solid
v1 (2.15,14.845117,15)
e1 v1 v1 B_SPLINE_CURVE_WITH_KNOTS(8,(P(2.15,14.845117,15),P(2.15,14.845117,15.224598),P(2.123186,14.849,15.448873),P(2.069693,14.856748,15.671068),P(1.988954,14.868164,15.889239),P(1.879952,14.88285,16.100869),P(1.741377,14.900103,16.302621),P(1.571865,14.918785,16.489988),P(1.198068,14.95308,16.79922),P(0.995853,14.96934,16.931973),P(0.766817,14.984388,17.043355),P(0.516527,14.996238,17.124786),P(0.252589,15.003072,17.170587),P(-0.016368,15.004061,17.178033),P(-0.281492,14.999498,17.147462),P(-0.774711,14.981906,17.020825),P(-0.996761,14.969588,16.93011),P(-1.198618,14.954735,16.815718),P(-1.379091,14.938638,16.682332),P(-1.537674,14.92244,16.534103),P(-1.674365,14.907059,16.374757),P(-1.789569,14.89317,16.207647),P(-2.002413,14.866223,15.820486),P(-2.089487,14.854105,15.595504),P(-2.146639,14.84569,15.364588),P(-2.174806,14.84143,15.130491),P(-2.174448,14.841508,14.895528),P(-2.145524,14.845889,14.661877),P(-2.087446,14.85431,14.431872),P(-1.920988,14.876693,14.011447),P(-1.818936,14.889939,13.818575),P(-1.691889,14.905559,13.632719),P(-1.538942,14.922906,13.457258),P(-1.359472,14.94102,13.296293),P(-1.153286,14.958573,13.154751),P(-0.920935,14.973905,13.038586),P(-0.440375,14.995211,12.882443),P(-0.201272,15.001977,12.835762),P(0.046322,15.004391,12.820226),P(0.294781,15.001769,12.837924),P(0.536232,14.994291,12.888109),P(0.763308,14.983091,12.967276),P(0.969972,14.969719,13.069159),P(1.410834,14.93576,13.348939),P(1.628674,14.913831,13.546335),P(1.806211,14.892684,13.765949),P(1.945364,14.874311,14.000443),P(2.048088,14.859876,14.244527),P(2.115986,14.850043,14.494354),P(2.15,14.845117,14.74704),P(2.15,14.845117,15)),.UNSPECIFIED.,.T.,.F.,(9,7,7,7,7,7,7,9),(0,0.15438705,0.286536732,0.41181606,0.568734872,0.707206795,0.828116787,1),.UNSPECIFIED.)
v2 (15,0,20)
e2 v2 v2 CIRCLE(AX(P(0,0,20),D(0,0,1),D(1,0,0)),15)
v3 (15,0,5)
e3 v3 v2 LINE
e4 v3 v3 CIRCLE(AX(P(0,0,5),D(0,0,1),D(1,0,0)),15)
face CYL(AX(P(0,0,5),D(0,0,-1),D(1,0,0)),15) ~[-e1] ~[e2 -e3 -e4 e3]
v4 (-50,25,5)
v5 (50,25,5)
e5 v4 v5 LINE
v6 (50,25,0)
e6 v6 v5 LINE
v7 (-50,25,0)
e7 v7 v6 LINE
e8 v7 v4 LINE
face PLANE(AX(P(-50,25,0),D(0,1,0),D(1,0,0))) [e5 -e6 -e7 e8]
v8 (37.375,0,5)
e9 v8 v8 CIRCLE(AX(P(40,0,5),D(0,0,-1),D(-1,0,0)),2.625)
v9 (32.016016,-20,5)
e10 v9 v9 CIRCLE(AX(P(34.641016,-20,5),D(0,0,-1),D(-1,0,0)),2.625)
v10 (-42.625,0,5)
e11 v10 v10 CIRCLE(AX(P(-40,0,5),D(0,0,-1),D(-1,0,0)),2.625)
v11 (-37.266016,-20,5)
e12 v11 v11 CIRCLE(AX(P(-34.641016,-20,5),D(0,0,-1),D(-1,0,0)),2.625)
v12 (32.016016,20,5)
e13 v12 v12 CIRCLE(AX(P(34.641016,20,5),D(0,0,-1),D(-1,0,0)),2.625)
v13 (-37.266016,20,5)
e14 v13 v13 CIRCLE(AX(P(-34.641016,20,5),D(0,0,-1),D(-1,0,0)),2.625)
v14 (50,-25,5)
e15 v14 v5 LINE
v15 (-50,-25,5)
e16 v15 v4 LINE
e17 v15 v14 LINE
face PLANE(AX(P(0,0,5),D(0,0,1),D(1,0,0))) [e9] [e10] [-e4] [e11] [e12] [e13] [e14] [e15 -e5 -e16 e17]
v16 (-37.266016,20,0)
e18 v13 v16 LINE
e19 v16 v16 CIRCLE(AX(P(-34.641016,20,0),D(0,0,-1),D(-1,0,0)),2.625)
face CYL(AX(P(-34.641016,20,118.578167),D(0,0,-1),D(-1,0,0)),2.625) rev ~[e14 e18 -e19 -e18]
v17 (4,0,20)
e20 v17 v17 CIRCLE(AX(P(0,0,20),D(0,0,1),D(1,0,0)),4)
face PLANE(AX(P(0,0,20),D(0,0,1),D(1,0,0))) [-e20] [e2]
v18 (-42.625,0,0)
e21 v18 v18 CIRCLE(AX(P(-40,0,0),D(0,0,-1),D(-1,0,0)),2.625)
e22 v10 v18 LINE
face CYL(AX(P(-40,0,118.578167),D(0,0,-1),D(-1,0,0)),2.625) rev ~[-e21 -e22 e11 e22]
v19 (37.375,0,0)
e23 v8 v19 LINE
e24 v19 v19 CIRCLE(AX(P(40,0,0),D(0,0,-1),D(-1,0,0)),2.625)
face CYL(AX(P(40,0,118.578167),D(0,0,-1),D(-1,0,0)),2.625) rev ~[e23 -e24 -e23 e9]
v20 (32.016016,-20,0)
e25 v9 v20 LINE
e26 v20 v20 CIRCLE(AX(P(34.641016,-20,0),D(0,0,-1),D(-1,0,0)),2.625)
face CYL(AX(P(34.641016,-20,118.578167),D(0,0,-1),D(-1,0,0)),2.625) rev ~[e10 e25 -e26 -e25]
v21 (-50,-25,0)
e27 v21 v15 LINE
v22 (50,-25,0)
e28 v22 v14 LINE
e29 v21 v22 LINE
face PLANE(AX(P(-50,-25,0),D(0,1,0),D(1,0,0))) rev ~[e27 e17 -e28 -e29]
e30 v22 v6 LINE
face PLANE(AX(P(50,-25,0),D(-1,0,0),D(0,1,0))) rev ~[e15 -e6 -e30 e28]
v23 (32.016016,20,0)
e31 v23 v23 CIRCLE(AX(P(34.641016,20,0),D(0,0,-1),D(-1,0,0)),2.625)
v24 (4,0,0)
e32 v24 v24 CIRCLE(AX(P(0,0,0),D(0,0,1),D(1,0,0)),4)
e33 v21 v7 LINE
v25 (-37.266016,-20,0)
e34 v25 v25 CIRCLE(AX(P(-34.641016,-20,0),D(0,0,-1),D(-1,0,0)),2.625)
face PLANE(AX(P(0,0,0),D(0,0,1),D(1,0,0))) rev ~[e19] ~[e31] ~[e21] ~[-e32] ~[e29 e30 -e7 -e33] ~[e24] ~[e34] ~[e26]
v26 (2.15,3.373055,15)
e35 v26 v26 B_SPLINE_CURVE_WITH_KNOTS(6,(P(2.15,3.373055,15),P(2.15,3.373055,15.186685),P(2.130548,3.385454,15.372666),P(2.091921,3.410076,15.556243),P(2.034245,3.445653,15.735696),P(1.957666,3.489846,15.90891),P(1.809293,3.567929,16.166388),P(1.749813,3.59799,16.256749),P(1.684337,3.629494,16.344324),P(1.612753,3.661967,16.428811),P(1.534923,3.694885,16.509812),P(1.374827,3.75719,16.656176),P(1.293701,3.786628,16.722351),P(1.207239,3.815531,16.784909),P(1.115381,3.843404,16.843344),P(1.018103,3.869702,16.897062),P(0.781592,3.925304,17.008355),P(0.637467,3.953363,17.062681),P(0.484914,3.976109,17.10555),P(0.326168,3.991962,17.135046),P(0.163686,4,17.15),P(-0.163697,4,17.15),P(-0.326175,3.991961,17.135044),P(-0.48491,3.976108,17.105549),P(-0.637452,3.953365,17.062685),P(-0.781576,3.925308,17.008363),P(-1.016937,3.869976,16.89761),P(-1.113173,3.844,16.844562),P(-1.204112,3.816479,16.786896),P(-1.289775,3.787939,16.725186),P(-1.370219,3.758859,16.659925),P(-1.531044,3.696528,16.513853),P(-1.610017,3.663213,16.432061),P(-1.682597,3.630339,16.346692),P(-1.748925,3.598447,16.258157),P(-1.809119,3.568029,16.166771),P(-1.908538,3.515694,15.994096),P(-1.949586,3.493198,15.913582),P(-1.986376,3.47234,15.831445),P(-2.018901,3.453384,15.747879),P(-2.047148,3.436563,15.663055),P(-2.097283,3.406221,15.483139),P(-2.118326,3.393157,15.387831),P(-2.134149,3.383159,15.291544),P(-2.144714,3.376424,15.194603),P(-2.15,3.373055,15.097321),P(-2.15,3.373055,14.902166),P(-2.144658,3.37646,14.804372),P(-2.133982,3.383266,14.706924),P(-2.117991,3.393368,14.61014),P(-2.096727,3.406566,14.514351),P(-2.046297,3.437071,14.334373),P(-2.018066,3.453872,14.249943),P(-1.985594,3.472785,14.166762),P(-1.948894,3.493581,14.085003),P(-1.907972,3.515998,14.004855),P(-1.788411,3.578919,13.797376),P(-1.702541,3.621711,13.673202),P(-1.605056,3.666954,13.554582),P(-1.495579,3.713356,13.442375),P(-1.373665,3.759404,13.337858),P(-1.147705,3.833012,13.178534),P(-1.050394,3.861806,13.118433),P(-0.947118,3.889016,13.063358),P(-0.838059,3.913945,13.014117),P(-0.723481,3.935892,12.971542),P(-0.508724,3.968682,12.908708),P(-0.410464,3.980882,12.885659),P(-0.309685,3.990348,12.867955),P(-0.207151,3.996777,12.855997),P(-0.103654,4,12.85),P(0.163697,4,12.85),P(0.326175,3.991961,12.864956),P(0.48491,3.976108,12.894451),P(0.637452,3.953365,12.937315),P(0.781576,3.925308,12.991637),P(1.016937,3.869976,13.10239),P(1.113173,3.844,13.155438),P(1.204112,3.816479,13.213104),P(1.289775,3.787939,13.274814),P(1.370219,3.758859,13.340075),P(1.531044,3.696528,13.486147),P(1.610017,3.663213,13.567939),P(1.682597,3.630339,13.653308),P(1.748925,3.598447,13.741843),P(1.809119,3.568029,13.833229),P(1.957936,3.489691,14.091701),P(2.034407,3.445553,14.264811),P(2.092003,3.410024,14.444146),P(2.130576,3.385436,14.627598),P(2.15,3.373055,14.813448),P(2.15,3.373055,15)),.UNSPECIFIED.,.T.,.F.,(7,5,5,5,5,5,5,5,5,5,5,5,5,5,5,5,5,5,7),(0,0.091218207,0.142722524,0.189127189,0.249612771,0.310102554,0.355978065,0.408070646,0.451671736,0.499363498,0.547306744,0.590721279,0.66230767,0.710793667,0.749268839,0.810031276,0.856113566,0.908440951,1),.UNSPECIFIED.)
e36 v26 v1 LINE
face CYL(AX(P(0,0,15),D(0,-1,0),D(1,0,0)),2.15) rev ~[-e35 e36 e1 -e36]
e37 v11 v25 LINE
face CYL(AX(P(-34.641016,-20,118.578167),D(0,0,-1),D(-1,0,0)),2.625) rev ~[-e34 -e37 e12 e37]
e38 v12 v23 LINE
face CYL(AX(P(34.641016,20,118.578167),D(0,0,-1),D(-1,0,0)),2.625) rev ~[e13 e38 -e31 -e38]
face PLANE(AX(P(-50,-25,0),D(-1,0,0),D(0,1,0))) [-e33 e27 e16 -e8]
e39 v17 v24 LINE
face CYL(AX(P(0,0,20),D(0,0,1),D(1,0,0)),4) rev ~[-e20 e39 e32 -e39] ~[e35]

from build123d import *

# Parameters (mm, degrees)
F0_W     = 100
F0_H     = 50
F1_DEPTH = 5
F2_R     = 15
F3_DEPTH = 15
F4_R     = 4
F5_DEPTH = 20.001
F7_D     = 5.25
F8_R     = 2.15
F9_DEPTH = 25.001


with BuildPart() as f1:
    # F0 (on Top) → F1 (new body)
    with BuildSketch(Plane.XY):
        Rectangle(F0_W, F0_H)
    extrude(amount=F1_DEPTH)

    # F2 (on face) → F3 (join)
    with BuildSketch(Plane.XY.offset(5)):
        Circle(F2_R)
    extrude(amount=F3_DEPTH)

    # F4 (on face) → F5 (cut, through all)
    with BuildSketch(Plane.XY.offset(20)):
        Circle(F4_R)
    extrude(amount=-F5_DEPTH, mode=Mode.SUBTRACT)

    # F7 (through all)
    with Locations(Plane.XY.offset(5)):
        with Locations((-34.6410161514, 20), (-40, 0), (-34.6410161514, -20), (34.6410161514, 20), (40, 0), (34.6410161514, -20)):
            Hole(F7_D / 2)

    # F8 (on Front) → F9 (cut, through all)
    with BuildSketch(Plane.XZ):
        with Locations((0, 15)):
            Circle(F8_R)
    extrude(amount=-F9_DEPTH, mode=Mode.SUBTRACT)


solid = f1.part
